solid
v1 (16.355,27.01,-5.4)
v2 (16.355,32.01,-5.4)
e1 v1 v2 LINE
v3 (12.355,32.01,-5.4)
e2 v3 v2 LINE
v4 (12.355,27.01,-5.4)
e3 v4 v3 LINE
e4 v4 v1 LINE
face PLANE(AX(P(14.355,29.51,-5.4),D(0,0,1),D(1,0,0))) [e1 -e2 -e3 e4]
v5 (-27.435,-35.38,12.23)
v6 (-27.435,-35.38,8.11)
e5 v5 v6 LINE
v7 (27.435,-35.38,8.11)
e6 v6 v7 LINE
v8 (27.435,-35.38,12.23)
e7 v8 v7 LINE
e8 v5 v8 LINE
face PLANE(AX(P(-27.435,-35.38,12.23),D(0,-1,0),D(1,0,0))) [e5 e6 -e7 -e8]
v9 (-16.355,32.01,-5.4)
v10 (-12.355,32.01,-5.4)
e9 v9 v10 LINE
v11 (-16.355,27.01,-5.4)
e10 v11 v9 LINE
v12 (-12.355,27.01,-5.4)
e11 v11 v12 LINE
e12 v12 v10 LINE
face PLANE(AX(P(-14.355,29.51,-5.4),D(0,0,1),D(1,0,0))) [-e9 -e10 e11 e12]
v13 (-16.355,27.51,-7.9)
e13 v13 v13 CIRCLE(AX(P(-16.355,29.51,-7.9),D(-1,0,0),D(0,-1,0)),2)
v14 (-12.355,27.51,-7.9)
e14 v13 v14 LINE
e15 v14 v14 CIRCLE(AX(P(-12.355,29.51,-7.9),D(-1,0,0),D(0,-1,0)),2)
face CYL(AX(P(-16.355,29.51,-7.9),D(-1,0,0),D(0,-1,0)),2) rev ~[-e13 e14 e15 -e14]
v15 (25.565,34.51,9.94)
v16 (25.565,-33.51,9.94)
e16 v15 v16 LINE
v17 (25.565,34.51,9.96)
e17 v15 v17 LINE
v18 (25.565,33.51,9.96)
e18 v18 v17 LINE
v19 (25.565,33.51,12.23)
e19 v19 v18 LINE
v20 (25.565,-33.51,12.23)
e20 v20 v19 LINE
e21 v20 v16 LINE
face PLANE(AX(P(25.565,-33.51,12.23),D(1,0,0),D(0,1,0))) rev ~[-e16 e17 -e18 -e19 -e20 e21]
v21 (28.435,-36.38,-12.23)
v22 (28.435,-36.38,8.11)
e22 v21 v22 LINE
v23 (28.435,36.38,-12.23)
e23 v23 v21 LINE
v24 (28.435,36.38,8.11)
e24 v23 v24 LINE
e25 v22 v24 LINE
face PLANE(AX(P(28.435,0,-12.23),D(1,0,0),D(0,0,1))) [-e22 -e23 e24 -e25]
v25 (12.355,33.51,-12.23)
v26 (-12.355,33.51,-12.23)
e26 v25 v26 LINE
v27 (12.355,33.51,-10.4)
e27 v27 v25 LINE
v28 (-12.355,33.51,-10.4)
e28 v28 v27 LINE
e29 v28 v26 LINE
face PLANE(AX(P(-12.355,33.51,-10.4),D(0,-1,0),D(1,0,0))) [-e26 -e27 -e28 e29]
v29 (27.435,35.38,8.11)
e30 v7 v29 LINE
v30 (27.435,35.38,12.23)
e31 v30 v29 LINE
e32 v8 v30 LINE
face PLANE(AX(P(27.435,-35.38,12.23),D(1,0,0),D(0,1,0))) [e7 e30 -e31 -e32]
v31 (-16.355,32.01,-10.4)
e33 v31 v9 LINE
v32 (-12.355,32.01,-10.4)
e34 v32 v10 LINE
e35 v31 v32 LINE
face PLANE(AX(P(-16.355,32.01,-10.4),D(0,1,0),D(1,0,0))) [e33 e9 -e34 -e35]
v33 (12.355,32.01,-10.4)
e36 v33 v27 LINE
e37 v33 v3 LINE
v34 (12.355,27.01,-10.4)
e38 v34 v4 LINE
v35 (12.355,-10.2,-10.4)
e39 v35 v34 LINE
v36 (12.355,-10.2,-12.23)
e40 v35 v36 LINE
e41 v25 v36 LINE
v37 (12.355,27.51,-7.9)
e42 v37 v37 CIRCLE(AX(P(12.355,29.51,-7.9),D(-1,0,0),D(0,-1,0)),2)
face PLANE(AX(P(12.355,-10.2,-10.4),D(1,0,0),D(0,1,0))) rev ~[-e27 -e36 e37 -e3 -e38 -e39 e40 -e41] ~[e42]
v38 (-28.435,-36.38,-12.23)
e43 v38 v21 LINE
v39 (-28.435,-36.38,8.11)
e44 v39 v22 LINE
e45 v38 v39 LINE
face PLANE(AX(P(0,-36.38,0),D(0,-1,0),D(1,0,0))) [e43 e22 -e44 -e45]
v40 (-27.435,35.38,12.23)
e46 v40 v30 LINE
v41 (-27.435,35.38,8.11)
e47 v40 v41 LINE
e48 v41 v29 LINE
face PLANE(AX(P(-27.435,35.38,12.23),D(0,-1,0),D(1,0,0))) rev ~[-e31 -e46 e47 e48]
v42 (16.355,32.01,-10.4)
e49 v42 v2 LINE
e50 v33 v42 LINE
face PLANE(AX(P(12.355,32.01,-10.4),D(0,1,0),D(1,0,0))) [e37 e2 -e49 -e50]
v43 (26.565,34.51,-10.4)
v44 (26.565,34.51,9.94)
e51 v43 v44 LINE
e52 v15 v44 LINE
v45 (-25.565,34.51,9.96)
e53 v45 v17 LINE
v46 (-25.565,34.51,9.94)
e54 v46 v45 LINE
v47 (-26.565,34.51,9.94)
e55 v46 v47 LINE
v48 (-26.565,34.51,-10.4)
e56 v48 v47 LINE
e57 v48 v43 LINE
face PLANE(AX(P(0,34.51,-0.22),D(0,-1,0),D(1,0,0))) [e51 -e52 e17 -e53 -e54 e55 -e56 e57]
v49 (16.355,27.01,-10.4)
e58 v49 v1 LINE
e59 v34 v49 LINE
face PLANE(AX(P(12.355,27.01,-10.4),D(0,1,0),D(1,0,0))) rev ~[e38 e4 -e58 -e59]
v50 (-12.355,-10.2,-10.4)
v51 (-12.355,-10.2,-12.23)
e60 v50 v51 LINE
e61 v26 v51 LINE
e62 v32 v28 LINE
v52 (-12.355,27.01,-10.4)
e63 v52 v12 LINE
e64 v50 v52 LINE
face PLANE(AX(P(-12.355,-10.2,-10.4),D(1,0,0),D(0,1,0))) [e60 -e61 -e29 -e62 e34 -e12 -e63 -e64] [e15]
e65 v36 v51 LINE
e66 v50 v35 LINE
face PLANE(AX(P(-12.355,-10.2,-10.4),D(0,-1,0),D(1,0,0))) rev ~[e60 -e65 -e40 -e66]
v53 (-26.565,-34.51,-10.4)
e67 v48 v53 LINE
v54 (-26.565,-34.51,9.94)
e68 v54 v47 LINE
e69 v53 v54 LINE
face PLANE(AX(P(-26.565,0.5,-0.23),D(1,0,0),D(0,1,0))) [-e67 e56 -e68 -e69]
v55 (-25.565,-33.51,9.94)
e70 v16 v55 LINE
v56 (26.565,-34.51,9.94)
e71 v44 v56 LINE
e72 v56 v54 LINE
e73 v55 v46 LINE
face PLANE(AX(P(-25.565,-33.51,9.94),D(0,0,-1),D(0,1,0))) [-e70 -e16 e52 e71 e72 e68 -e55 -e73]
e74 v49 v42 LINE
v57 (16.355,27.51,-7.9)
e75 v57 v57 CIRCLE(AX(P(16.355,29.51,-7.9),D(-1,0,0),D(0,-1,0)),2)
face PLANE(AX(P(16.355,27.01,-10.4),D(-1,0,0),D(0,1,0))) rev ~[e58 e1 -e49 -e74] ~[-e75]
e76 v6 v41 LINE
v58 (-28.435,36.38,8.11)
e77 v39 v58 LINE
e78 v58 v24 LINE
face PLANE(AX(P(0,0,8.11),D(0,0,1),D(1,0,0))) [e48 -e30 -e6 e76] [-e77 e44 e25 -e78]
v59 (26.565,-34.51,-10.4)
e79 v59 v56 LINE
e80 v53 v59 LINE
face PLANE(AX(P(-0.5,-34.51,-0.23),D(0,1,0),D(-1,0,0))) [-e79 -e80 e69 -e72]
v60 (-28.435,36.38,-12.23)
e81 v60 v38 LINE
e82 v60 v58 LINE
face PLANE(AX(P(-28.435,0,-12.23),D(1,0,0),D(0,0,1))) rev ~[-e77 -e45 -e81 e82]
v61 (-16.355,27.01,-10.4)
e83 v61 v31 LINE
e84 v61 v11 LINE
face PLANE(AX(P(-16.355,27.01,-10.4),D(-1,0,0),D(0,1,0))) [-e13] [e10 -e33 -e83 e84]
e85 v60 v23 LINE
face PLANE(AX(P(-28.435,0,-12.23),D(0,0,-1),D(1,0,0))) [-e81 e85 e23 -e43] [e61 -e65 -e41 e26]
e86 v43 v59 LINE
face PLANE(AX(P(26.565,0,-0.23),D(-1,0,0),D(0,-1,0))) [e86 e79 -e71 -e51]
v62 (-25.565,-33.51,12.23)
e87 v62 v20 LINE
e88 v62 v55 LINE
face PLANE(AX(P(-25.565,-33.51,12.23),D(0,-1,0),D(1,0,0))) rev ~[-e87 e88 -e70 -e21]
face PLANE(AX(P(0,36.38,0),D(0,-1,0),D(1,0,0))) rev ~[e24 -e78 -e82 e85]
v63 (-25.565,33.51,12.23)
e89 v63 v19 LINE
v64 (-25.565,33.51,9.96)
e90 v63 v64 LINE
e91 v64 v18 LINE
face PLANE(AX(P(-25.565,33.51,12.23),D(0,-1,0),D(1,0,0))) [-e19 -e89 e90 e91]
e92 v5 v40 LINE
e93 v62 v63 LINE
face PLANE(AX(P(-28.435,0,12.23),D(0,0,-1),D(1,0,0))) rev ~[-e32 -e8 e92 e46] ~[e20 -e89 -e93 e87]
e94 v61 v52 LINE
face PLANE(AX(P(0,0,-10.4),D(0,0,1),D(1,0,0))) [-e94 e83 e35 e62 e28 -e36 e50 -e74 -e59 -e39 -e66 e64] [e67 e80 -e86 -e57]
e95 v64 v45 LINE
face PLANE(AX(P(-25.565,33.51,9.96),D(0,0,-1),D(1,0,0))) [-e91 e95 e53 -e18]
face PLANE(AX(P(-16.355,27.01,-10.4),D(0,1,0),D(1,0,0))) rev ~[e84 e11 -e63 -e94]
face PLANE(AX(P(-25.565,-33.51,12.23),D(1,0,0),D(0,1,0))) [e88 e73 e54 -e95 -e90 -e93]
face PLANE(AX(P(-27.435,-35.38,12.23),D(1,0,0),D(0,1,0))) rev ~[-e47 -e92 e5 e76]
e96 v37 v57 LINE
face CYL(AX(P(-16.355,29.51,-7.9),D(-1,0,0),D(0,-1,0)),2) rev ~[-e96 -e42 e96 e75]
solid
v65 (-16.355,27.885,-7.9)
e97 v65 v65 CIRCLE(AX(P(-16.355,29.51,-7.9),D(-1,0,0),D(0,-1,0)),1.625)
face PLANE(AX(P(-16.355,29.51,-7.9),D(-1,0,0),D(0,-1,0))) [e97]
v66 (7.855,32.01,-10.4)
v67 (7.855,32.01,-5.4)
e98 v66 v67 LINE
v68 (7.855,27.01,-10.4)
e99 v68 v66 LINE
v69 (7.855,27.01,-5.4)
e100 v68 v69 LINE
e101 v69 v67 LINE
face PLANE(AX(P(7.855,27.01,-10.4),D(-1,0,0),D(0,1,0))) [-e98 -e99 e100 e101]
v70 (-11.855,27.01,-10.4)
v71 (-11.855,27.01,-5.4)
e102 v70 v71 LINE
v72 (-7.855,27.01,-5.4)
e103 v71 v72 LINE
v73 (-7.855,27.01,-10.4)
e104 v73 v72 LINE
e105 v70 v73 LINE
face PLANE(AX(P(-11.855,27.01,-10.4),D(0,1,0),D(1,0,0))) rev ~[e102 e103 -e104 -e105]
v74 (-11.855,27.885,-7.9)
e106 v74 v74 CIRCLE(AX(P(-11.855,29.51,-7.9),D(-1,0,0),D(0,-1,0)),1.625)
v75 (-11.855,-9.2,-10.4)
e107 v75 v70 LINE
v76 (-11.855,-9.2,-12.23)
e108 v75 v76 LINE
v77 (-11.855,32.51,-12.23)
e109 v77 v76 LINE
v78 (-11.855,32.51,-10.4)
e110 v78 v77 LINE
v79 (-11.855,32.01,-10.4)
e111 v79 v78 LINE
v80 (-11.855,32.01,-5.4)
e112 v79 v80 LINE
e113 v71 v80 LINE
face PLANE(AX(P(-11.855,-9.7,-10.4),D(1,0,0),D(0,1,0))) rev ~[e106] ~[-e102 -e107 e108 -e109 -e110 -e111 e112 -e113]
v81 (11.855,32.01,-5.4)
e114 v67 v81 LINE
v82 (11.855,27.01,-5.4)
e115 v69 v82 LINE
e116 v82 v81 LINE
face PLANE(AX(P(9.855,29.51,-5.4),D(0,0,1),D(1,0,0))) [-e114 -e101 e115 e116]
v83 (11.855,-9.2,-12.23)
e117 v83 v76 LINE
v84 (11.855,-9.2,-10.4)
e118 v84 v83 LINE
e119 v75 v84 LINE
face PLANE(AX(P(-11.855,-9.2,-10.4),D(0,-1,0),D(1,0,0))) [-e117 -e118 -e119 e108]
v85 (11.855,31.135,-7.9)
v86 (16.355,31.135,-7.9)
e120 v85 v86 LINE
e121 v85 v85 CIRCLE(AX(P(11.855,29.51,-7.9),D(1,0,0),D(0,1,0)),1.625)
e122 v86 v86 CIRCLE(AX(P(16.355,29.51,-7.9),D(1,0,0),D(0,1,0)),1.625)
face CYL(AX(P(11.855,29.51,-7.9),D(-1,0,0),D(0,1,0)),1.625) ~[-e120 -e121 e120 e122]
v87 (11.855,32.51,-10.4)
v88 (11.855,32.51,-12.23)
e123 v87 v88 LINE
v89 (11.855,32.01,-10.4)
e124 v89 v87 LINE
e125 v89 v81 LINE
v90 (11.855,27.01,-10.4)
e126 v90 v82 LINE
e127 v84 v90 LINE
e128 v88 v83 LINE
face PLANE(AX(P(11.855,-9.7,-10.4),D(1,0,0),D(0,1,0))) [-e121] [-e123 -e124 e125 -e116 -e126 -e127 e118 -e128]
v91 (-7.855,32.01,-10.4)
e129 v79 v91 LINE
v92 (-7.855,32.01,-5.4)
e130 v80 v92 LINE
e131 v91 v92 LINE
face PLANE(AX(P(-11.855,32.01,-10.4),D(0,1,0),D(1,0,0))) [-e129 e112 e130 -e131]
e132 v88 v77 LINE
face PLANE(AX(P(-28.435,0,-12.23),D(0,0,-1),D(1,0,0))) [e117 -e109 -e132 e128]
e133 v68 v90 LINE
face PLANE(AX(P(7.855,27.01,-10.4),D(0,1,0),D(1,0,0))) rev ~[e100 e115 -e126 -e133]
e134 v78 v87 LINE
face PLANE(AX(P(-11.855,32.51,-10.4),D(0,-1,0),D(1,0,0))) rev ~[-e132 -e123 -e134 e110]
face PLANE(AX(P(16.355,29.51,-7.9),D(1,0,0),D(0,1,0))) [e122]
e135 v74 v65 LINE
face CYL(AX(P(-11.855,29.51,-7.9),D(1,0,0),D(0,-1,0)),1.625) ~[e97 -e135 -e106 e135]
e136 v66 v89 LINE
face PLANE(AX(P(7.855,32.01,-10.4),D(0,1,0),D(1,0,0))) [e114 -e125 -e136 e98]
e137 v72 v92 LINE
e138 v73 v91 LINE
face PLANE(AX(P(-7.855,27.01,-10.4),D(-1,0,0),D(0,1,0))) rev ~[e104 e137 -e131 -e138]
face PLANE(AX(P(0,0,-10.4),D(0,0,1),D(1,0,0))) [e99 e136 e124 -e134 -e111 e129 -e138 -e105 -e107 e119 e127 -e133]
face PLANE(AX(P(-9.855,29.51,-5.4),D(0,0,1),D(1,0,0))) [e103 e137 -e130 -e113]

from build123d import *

# Parameters (mm, degrees)
F0_W      = 56.87
F0_H      = 24.46
F1_DEPTH  = 36.38
F2_W      = 51.13
F2_H      = 67.02
F3_DEPTH  = 22.63
F4_W      = 51.13
F4_H      = 20.36
F5_DEPTH  = 1
F6_W      = 68.02
F6_H      = 20.34
F7_DEPTH  = 1
F8_W      = 52.13
F8_H      = 20.34
F9_DEPTH  = 1
F10_W     = 69.02
F10_H     = 20.34
F11_DEPTH = 1
F12_W     = 56.87
F12_H     = 72.76
F12_W_2   = 54.87
F12_H_2   = 70.76
F13_DEPTH = 4.12
F15_W     = 4
F15_H     = 5
F16_DEPTH = 5
F17_W     = 4
F17_H     = 5
F18_DEPTH = 5
F19_R     = 2
F20_DEPTH = 32.71
F14_W     = 24.71
F14_H     = 43.71
F14_W_2   = 23.71
F14_H_2   = 42.71
F21_DEPTH = 1.831
F22_W     = 4
F22_H     = 5
F23_DEPTH = 5
F24_R     = 1.625
F25_DEPTH = 4.5
F26_R     = 1.625
F27_DEPTH = 4.5
F28_W     = 23.71
F28_H     = 0.5
F29_DEPTH = 1.831


with BuildPart() as f1:
    # F0 (on Front) → F1 (new body, symmetric)
    with BuildSketch(Plane.XZ):
        Rectangle(F0_W, F0_H)
    extrude(amount=F1_DEPTH, both=True)

    # F2 (on face) → F3 (cut)
    with BuildSketch(Plane.XY.offset(12.23)):
        Rectangle(F2_W, F2_H)
    extrude(amount=-F3_DEPTH, mode=Mode.SUBTRACT)

    # F4 (on face) → F5 (cut)
    with BuildSketch(Plane.XZ.offset(-33.51)):
        with Locations((0, -0.22)):
            Rectangle(F4_W, F4_H)
    extrude(amount=-F5_DEPTH, mode=Mode.SUBTRACT)

    # F6 (on face) → F7 (cut)
    with BuildSketch(Plane.YZ.offset(-25.565)):
        with Locations((0.5, -0.23)):
            Rectangle(F6_W, F6_H)
    extrude(amount=-F7_DEPTH, mode=Mode.SUBTRACT)

    # F8 (on face) → F9 (cut)
    with BuildSketch(Plane(origin=(0, -33.51, 0), x_dir=(-1, 0, 0), z_dir=(0, 1, 0))):
        with Locations((0.5, -0.23)):
            Rectangle(F8_W, F8_H)
    extrude(amount=-F9_DEPTH, mode=Mode.SUBTRACT)

    # F10 (on face) → F11 (cut)
    with BuildSketch(Plane(origin=(25.565, 0, 0), x_dir=(0, -1, 0), z_dir=(-1, 0, 0))):
        with Locations((0, -0.23)):
            Rectangle(F10_W, F10_H)
    extrude(amount=-F11_DEPTH, mode=Mode.SUBTRACT)

    # F12 (on face) → F13 (cut)
    with BuildSketch(Plane.XY.offset(12.23)):
        Rectangle(F12_W, F12_H)
        Rectangle(F12_W_2, F12_H_2, mode=Mode.SUBTRACT)
    extrude(amount=-F13_DEPTH, mode=Mode.SUBTRACT)

    # F15 (on face) → F16 (join)
    with BuildSketch(Plane.XY.offset(-10.4)):
        with Locations((-14.355, 29.51)):
            Rectangle(F15_W, F15_H)
    extrude(amount=F16_DEPTH)

    # F17 (on face) → F18 (join)
    with BuildSketch(Plane.XY.offset(-10.4)):
        with Locations((14.355, 29.51)):
            Rectangle(F17_W, F17_H)
    extrude(amount=F18_DEPTH)

    # F19 (on face) → F20 (cut, through all)
    with BuildSketch(Plane(origin=(-16.355, 0, 0), x_dir=(0, -1, 0), z_dir=(-1, 0, 0))):
        with Locations((-29.51, -7.9)):
            Circle(F19_R)
    extrude(amount=-F20_DEPTH, mode=Mode.SUBTRACT)

    # F14 (on face) → F21 (cut, through all)
    with BuildSketch(Plane.XY.offset(-10.4)):
        with Locations((0, 11.655)):
            Rectangle(F14_W, F14_H)
        with Locations((0, 11.655)):
            Rectangle(F14_W_2, F14_H_2, mode=Mode.SUBTRACT)
    extrude(amount=-F21_DEPTH, mode=Mode.SUBTRACT)

    # F22 (on face) → F23 (join)
    with BuildSketch(Plane.XY.offset(-10.4)):
        with Locations((-9.855, 29.51)):
            Rectangle(F22_W, F22_H)
        with Locations((9.855, 29.51)):
            Rectangle(F22_W, F22_H)
    extrude(amount=F23_DEPTH)

    # F24 (on face) → F25 (join)
    with BuildSketch(Plane(origin=(-11.855, 0, 0), x_dir=(0, -1, 0), z_dir=(-1, 0, 0))):
        with Locations((-29.51, -7.9)):
            Circle(F24_R)
    extrude(amount=F25_DEPTH)

    # F26 (on face) → F27 (join)
    with BuildSketch(Plane.YZ.offset(11.855)):
        with Locations((29.51, -7.9)):
            Circle(F26_R)
    extrude(amount=F27_DEPTH)

    # F28 (on face) → F29 (cut, through all)
    with BuildSketch(Plane.XY.offset(-10.4)):
        with Locations((0, 32.76)):
            Rectangle(F28_W, F28_H)
        with Locations((0, -9.45)):
            Rectangle(F28_W, F28_H)
    extrude(amount=-F29_DEPTH, mode=Mode.SUBTRACT)


solid = f1.part
